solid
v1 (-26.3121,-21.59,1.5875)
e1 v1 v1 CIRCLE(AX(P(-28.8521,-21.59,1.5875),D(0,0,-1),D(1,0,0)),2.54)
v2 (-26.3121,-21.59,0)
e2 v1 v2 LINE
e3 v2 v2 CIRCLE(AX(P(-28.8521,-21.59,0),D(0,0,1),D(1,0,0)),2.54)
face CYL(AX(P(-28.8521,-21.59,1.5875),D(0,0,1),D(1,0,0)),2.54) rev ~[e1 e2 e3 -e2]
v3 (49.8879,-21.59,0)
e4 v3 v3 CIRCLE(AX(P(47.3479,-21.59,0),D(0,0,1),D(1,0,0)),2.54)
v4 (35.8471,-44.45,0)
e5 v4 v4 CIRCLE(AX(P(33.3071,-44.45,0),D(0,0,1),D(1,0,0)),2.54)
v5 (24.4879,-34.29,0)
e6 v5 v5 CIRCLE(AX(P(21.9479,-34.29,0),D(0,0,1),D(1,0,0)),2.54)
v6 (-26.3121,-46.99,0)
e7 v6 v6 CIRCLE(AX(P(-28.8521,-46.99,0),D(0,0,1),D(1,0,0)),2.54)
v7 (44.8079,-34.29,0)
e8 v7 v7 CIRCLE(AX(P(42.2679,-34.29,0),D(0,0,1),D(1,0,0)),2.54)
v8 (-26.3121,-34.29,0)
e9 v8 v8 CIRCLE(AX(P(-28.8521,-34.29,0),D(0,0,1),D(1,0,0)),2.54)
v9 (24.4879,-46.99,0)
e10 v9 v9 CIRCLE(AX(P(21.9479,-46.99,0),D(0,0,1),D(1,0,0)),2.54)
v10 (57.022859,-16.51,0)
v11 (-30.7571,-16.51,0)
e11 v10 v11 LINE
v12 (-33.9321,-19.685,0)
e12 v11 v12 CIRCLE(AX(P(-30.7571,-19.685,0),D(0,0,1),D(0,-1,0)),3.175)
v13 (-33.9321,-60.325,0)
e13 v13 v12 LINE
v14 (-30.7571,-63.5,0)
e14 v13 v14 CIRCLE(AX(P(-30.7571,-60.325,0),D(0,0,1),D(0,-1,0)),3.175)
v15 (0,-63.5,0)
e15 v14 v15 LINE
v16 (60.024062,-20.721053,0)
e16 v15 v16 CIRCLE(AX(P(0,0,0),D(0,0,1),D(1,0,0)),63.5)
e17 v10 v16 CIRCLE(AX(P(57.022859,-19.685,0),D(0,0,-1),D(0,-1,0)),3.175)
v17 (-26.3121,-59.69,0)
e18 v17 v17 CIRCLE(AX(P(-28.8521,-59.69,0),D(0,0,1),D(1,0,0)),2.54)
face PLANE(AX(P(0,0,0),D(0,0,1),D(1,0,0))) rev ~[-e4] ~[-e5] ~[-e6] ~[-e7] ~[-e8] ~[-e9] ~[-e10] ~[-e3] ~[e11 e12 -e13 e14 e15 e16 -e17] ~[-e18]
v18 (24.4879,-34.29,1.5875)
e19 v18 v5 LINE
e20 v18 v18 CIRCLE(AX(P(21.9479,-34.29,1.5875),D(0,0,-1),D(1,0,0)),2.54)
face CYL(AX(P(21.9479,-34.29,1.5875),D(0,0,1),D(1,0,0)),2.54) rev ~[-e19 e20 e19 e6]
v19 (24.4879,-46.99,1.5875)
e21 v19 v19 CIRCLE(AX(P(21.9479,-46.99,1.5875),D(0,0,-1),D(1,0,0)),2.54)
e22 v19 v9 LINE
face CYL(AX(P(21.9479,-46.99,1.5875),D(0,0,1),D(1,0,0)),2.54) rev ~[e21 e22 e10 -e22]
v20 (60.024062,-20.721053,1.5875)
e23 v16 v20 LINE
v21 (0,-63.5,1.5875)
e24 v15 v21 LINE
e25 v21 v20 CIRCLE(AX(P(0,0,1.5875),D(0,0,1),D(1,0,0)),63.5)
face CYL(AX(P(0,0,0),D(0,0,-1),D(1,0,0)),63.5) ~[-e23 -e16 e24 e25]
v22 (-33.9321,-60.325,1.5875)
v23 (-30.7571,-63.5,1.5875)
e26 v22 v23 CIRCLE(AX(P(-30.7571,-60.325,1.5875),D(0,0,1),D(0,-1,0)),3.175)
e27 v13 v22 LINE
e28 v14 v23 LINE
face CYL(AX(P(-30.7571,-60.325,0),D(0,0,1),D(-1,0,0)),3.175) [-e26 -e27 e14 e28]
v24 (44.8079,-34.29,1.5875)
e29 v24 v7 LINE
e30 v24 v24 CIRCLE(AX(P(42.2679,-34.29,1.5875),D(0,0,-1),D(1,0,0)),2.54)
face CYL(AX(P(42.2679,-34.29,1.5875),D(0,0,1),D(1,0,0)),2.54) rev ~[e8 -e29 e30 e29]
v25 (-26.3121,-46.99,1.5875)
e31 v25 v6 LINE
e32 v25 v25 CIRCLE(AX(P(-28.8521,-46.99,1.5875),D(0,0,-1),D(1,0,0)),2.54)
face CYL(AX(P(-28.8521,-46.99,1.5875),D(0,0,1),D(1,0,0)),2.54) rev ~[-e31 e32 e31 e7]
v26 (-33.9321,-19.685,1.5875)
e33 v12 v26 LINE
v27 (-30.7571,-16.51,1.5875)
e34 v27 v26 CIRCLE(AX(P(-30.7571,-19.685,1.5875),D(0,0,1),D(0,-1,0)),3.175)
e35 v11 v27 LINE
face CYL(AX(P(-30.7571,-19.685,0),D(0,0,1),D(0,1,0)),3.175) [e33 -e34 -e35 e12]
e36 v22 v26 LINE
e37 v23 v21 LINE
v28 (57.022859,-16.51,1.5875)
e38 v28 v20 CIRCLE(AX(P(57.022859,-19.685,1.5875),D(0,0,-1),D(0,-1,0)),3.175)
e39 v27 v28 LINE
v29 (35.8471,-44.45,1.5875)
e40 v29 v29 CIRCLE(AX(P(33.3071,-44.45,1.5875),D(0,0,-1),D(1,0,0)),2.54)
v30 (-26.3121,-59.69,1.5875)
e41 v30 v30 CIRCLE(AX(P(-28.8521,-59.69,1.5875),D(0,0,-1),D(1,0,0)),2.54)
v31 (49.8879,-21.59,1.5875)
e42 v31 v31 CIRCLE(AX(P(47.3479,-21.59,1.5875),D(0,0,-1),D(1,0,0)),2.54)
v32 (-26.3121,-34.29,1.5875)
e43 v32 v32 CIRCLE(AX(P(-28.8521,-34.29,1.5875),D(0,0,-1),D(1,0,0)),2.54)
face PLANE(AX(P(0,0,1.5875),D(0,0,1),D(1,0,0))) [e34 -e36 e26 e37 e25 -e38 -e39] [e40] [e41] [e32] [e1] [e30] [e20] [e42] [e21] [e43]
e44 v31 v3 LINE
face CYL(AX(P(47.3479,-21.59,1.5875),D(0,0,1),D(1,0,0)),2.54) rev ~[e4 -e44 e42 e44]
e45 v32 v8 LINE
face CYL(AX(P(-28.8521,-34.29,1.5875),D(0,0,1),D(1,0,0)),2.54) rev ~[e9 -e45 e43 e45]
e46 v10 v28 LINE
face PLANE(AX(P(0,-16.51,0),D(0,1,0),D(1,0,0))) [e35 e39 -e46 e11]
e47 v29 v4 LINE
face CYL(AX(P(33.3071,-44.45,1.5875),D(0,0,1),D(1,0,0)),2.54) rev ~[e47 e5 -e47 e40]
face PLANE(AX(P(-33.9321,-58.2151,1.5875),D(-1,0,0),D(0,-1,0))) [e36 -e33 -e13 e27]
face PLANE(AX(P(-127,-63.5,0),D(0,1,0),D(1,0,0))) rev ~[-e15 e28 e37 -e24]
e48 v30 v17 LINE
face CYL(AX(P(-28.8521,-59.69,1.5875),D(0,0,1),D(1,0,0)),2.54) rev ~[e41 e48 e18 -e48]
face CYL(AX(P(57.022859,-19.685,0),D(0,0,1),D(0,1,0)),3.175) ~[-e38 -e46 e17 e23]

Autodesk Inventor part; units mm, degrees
ref_plane "YZ Plane" through (0, 0, 0) normal (1, 0, 0) x (0, 1, 0)
ref_plane "XZ Plane" through (0, 0, 0) normal (0, 1, 0) x (-1, 0, 0)
ref_plane "XY Plane" through (0, 0, 0) normal (0, 0, 1) x (1, 0, 0)
sketch "Sketch1" plane through (0, 0, 0) normal (0, 0, 1) x (1, 0, 0)
  circle A0 centre (0, 0) radius 63.5
  line L0 (0, 0) -> (63.5, 0)
  line L1 (0, 0) -> (0, -63.5)
  line L2 (0, 0) -> (-127, 0)
  line L3 (-127, 0) -> (-127, -63.5)
  line L4 (-127, -63.5) -> (0, -63.5)
  line L5 (-127, 0) -> (-127, -16.51)
  line L6 (-127, -16.51) -> (61.3161, -16.51)
  dimension "d0" = 127
  dimension "d1" = 127
  dimension "d43" = 16.51
extrude "Extrusion4" add sketch "Sketch1" along normal blind 1.5875 contours L1 L6 A0 | L4 L3 L6 A0 | A0 L6 L1
sketch "Sketch4" plane through (0, 0, 1.5875) normal (0, 0, 1) x (1, 0, 0)
  arc A0 (0, -63.5) -> (61.3161, -16.51) centre (0, 0) ccw projected
  line L0 (61.3161, -16.51) -> (-59.3339, -16.51)
  line L1 (61.3161, -16.51) -> (-127, -16.51) projected
  line L2 (-59.3339, -16.51) -> (-59.3339, -62.6422)
  line L3 (-59.3339, -62.6422) -> (-59.3339, -63.5)
  line L4 (-127, -63.5) -> (0, -63.5) projected
  line L5 (-136.3806, -11.9346) -> (-59.3339, -11.9346)
  line L6 (-59.3339, -11.9346) -> (-59.3339, -68.0966)
  line L7 (-59.3339, -68.0966) -> (-136.3806, -68.0966)
  line L8 (-136.3806, -68.0966) -> (-136.3806, -11.9346)
  point P0 (-59.3339, -16.51)
  dimension "d46" = 120.65
extrude "Extrusion5" cut sketch "Sketch4" against normal blind 1.5875 contours L6 L7 L8 L5 L2 L3
fillet "Fillet2" radius 3.175 1 edges at (61.3161, -16.51, 0.7937)
fillet "Fillet3" radius 3.175 1 edges at (-59.3339, -16.51, 0.7937)
sketch "Sketch5" plane through (0, 0, 1.5875) normal (0, 0, 1) x (1, 0, 0)
  circle A0 centre (-55.6881, -20.1151) radius 2.54
  line L0 (-55.6881, -20.1151) -> (-55.6881, -45.5151)
  line L1 (-55.6881, -45.5151) -> (-55.6881, -58.2151)
  circle A1 centre (-55.6881, -58.2151) radius 2.54
  line L2 (-55.6881, -20.1151) -> (-30.2881, -20.1151)
  line L3 (-55.6881, -58.2151) -> (-30.2881, -58.2151)
  circle A2 centre (-55.6881, -45.5151) radius 2.54
  circle A3 centre (-55.6881, -32.8151) radius 2.54
  line L4 (-59.3339, -13.3218) -> (-33.9321, -13.3218)
  line L5 (-33.9321, -13.3218) -> (-33.9321, -67.3178)
  line L6 (-33.9321, -67.3178) -> (-59.3339, -67.3178)
  line L7 (-59.3339, -67.3178) -> (-59.3339, -13.3218)
  point P0 (0, 0)
  point P1 (-4.8881, -58.2151)
  point P2 (7.8119, -58.2151)
  point P3 (-59.3339, -20.1151)
  point P4 (-42.9881, -20.1151)
  point P5 (-42.9881, -58.2151)
  dimension "d51" = 5.08
  dimension "d52" = 25.4
  dimension "d53" = 12.7
  dimension "d54" = 5.08
  dimension "d55" = 25.4
  dimension "d63" = 25.4
  dimension "d68" = 5.08
  dimension "d69" = 5.08
extrude "Extrusion6" cut sketch "Sketch5" against normal blind 1.5875
sketch "Sketch6" plane through (0, 0, 1.5875) normal (0, 0, 1) x (1, 0, 0)
  line L0 (57.0229, -16.51) -> (-33.9321, -16.51) projected
  line L1 (-33.9321, -63.5) -> (-33.9321, -16.51) projected
  line L2 (-33.9321, -21.59) -> (-33.9321, -26.67)
  line L3 (-33.9321, -21.59) -> (-28.8521, -21.59)
  line L4 (-28.8521, -21.59) -> (-28.8521, -16.51)
  circle A0 centre (-28.8521, -21.59) radius 2.54
  line L5 (-28.8521, -21.59) -> (-28.8521, -46.99)
  line L6 (-28.8521, -46.99) -> (-28.8521, -59.69)
  circle A1 centre (-28.8521, -59.69) radius 2.54
  line L7 (-28.8521, -21.59) -> (-3.4521, -21.59)
  line L8 (-3.4521, -21.59) -> (21.9479, -21.59)
  line L9 (21.9479, -21.59) -> (47.3479, -21.59)
  circle A2 centre (-28.8521, -34.29) radius 2.54
  circle A3 centre (-28.8521, -46.99) radius 2.54
  line L10 (-28.8521, -59.69) -> (-3.4521, -59.69)
  line L11 (-3.4521, -59.69) -> (9.2479, -59.69)
  circle A4 centre (47.3479, -21.59) radius 2.54
  line L12 (21.9479, -34.29) -> (21.9479, -46.99)
  circle A5 centre (21.9479, -34.29) radius 2.54
  circle A6 centre (21.9479, -46.99) radius 2.54
  line L13 (21.9479, -34.29) -> (42.2679, -34.29)
  circle A7 centre (42.2679, -34.29) radius 2.54
  line L14 (21.9479, -34.29) -> (33.3071, -44.45)
  circle A8 centre (33.3071, -44.45) radius 2.54
  point P0 (0, 0)
  dimension "d80" = 5.08
  dimension "d81" = 5.08
  dimension "d82" = 5.08
  dimension "d83" = 25.4
  dimension "d84" = 12.7
  dimension "d85" = 5.08
  dimension "d86" = 25.4
  dimension "d87" = 25.4
  dimension "d88" = 25.4
  dimension "d89" = 5.08
  dimension "d90" = 5.08
  dimension "d91" = 25.4
  dimension "d92" = 12.7
  dimension "d96" = 5.08
  dimension "d99" = 5.08
  dimension "d100" = 5.08
  dimension "d101" = 5.08
  dimension "d102" = 20.32
  dimension "d103" = 15.24
  dimension "d104" = 5.08
extrude "Extrusion7" cut sketch "Sketch6" against normal blind 5.08 contours A4 | A1 L10 L6 | L6 L10 A1 | A3 L6 L5 | L5 L6 A3 | A2 L5 | L5 A2 | A0 L7 L4 | L4 L3 A0 | L5 A0 L3 | L7 A0 L5 | L14 A5 L12 | L12 A5 L13 | L13 A5 L14 | A6 | A7 | A8
fillet "Fillet4" radius 3.175 2 edges at (-33.9321, -16.51, 0.7937) (-33.9321, -63.5, 0.7937)
equation "\"d97\" = d93"
equation "\"d93\" = 5.08"
properties part number "Sleds"
